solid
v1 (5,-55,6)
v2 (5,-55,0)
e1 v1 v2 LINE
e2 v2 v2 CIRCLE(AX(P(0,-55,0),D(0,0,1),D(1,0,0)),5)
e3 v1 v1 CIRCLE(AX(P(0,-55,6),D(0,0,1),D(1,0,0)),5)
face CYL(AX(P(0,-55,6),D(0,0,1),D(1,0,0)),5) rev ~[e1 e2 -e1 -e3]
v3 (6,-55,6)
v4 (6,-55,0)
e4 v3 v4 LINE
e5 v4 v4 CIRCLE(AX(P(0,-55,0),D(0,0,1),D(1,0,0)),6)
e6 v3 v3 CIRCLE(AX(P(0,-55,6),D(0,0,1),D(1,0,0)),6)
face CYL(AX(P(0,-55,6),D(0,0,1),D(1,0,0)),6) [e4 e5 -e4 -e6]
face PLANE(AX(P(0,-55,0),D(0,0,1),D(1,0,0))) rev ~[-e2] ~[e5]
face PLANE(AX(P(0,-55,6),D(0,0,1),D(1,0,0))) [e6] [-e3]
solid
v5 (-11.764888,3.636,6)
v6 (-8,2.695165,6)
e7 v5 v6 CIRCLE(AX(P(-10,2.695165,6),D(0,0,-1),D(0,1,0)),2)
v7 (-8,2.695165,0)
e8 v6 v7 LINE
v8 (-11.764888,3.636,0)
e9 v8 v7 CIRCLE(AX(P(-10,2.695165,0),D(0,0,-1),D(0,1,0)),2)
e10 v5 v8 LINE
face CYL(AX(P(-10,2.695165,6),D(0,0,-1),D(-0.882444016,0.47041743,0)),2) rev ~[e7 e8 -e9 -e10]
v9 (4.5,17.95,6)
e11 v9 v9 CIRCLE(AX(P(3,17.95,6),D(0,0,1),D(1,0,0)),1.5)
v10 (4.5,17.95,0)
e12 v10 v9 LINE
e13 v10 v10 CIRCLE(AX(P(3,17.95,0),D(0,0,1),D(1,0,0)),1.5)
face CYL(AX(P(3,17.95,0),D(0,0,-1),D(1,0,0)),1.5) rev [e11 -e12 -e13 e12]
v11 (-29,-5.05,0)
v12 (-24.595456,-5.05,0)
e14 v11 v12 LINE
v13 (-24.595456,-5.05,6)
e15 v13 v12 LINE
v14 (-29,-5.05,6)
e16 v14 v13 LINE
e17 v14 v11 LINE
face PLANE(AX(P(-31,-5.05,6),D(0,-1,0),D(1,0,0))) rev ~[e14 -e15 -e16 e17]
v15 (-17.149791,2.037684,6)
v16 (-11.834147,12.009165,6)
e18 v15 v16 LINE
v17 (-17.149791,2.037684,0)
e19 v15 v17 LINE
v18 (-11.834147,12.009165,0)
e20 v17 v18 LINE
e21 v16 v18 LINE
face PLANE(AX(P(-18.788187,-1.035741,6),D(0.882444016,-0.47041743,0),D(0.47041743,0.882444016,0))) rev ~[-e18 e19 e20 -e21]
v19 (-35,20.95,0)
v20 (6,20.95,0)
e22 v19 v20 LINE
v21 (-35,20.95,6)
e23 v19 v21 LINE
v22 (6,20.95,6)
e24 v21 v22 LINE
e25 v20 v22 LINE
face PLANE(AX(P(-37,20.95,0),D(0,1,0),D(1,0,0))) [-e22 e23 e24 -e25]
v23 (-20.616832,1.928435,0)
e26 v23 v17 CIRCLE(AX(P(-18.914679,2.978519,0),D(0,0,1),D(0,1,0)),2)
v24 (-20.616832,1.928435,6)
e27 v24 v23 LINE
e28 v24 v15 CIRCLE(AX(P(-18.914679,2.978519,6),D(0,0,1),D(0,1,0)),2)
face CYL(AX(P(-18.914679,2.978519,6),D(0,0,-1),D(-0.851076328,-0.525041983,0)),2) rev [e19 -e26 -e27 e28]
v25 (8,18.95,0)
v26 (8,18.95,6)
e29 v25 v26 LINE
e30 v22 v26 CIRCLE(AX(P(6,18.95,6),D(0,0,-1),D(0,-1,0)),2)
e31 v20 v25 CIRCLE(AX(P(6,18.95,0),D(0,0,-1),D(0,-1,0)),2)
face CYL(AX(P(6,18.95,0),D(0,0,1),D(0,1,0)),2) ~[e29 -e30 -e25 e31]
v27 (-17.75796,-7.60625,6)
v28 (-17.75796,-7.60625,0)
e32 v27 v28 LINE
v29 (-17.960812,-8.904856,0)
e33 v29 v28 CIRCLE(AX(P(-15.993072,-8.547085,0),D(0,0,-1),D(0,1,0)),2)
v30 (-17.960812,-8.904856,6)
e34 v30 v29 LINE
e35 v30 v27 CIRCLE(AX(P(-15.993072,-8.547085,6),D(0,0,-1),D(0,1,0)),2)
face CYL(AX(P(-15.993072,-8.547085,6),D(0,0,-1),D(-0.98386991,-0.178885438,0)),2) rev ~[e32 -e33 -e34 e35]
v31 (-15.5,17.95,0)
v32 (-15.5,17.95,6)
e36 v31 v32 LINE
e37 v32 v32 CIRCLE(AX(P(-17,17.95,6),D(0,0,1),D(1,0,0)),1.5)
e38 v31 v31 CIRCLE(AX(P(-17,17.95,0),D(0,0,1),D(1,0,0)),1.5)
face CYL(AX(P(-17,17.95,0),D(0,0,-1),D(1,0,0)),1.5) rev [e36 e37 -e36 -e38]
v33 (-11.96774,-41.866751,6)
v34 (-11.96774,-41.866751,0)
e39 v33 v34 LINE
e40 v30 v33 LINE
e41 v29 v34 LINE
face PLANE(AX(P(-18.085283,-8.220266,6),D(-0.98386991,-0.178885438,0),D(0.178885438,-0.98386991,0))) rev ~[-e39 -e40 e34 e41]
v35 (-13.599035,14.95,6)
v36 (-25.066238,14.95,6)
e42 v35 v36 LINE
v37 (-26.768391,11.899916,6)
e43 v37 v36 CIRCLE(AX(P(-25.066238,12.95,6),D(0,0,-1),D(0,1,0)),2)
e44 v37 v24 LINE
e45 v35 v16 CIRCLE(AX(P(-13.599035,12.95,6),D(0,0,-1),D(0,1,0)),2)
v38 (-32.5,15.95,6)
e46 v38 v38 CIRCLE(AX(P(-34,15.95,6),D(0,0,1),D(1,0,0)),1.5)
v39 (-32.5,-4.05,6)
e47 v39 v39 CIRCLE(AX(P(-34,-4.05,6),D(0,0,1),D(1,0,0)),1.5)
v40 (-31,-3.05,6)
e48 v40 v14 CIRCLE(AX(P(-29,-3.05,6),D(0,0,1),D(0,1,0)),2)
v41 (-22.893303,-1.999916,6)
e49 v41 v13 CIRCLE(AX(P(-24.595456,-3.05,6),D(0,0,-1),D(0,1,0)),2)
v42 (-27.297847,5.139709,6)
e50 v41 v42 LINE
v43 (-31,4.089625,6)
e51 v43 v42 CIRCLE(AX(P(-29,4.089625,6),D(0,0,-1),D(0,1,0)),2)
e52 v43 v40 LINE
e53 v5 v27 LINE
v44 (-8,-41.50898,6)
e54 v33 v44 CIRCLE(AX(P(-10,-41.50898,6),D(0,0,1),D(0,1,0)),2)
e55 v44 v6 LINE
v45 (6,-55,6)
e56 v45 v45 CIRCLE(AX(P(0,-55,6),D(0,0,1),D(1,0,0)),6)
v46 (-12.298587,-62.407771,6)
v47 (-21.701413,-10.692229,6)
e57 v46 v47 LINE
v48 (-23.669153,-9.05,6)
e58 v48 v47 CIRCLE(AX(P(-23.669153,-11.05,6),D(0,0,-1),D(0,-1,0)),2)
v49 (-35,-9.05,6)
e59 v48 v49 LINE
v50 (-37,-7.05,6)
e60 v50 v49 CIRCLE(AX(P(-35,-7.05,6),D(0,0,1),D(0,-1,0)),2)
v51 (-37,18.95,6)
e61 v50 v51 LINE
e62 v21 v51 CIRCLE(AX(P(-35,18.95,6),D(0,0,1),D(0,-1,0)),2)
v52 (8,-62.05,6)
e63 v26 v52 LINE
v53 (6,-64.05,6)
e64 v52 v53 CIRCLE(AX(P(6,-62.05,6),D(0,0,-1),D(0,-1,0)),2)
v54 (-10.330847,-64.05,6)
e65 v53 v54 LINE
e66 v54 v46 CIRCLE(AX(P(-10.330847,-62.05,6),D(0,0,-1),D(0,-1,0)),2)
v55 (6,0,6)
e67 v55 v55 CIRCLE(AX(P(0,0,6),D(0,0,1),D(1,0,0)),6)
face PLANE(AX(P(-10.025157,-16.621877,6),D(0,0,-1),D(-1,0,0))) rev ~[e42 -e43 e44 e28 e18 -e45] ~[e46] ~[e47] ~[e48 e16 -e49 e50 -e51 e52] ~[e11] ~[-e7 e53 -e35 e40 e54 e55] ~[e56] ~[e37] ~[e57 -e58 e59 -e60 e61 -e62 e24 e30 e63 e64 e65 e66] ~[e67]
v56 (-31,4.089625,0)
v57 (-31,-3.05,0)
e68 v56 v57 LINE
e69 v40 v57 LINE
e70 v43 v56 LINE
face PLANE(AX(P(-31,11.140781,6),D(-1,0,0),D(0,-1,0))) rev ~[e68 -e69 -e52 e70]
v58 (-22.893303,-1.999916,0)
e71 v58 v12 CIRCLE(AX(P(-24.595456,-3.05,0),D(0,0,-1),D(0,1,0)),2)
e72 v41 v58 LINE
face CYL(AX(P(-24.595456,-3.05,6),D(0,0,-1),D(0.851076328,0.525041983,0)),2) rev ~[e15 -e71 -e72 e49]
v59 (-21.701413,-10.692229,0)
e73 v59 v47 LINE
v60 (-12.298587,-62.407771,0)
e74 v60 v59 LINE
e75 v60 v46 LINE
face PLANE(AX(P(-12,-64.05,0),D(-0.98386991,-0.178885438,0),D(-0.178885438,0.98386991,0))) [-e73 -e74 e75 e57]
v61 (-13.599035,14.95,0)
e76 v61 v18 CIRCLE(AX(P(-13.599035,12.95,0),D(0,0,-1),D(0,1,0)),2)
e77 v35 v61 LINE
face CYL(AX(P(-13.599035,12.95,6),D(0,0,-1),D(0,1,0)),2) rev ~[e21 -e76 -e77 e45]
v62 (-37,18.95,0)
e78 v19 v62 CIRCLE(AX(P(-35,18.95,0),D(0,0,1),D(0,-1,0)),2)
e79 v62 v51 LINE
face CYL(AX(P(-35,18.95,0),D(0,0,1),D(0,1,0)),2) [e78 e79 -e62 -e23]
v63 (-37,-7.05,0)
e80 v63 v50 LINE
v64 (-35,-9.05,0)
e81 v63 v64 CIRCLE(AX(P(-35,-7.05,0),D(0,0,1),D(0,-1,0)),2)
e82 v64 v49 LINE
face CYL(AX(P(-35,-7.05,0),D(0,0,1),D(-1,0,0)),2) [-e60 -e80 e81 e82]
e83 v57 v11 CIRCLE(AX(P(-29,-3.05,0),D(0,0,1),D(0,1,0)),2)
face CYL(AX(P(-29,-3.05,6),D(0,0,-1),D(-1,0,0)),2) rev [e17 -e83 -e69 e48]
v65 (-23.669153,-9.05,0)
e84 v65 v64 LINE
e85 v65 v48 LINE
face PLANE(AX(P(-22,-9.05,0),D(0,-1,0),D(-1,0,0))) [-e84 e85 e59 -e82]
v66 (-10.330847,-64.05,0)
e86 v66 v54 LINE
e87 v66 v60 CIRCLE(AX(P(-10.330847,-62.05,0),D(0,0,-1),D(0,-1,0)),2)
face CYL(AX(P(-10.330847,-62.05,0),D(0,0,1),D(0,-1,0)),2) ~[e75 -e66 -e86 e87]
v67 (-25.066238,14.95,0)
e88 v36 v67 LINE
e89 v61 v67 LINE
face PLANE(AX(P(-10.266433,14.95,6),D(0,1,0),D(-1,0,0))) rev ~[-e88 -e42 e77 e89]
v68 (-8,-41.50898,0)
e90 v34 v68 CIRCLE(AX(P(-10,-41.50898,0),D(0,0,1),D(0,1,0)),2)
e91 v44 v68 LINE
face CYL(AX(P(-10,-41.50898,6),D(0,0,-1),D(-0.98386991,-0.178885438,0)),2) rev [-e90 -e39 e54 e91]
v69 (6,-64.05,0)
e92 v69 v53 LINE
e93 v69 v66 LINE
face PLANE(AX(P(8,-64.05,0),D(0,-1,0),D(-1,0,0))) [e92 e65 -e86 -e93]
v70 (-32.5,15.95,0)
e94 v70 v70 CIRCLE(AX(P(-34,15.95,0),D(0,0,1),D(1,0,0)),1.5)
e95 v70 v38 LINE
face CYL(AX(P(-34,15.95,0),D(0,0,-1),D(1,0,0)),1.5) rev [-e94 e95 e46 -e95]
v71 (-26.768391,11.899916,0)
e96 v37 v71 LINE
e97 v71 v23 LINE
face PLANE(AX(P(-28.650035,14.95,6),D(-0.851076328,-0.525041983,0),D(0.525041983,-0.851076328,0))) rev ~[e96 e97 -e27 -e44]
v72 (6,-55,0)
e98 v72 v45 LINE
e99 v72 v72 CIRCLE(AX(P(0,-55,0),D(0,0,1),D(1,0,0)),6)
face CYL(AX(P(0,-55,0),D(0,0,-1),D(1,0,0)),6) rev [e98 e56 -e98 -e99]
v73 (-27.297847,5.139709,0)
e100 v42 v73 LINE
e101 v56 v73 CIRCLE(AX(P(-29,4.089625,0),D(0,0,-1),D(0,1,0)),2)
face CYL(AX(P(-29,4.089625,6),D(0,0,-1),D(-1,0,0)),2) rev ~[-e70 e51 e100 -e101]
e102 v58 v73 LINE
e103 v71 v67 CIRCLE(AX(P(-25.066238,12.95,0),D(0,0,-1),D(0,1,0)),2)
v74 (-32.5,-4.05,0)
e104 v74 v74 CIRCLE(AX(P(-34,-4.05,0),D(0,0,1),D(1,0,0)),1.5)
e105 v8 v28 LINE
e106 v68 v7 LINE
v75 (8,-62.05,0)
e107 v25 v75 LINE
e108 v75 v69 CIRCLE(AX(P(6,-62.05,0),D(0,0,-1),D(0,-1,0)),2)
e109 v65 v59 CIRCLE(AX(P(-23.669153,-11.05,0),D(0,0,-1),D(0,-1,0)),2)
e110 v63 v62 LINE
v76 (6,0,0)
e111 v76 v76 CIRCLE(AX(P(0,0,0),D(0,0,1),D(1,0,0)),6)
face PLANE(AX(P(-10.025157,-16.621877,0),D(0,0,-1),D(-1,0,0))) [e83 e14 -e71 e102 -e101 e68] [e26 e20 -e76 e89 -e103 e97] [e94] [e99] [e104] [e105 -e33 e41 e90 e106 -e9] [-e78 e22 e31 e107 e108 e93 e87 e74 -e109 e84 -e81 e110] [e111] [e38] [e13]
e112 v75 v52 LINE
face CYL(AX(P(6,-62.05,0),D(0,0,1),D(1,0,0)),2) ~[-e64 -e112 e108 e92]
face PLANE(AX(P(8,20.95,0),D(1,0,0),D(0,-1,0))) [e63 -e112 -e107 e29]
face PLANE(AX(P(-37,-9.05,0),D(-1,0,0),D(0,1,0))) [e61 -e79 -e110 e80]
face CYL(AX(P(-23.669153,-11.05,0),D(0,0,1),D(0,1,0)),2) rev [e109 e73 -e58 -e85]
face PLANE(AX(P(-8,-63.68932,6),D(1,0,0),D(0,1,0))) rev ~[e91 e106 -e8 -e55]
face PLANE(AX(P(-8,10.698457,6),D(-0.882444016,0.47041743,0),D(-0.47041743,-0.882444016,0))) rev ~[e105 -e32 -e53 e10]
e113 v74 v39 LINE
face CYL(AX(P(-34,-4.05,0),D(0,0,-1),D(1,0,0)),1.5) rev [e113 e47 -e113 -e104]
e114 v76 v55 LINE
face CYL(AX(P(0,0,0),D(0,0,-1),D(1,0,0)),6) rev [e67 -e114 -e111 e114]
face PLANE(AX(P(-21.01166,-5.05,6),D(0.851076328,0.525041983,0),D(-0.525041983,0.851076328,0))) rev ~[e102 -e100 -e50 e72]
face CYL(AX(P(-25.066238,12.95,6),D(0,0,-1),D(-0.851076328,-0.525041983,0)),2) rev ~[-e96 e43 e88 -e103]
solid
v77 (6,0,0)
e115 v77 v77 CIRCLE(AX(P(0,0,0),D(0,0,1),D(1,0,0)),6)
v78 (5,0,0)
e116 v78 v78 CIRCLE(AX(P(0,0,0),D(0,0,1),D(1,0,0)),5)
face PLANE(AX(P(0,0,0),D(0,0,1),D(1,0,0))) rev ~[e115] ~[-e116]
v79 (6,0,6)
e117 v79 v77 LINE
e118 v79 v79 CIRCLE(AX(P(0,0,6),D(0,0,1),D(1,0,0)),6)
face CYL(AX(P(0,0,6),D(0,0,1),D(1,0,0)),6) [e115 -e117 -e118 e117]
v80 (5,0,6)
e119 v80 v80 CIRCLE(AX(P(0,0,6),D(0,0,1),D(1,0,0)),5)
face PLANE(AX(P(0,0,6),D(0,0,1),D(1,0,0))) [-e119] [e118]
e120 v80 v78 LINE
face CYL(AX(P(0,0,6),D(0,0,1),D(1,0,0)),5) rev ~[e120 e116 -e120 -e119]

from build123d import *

# Parameters (mm, degrees)
SKETCH_1_R          = 6
SKETCH_1_R_2        = 1.5
EXTRUDE_1_DEPTH     = 6
SKETCH_2_R          = 6
SKETCH_2_R_2        = 5
EXTRUDE_2_DEPTH     = 6
EXTRUDE_2_2_DEPTH   = 6
CUT_EXTRUDE_1_DEPTH = 6
FILLET_2_R          = 2
SKETCH_4_R          = 8
SKETCH_4_R_2        = 5
EXTRUDE_3_DEPTH     = 0.5
EXTRUDE_3_2_DEPTH   = 0.5
SKETCH_5_R          = 8
SKETCH_5_R_2        = 5
EXTRUDE_4_DEPTH     = 0.5
EXTRUDE_4_2_DEPTH   = 0.5


with BuildPart() as part:
    # 草图1 → 凸台-拉伸1 (new body)
    with BuildSketch(Plane.XY):
        Polygon((-37, 20.95), (8, 20.95), (8, -64.05), (-12, -64.05), (-22, -9.05), (-37, -9.05), align=None)
        Circle(SKETCH_1_R, mode=Mode.SUBTRACT)
        with Locations((0, -55)):
            Circle(SKETCH_1_R, mode=Mode.SUBTRACT)
        with Locations((3, 17.95)):
            Circle(SKETCH_1_R_2, mode=Mode.SUBTRACT)
        with Locations((-17, 17.95)):
            Circle(SKETCH_1_R_2, mode=Mode.SUBTRACT)
        with Locations((-34, 15.95)):
            Circle(SKETCH_1_R_2, mode=Mode.SUBTRACT)
        with Locations((-34, -4.05)):
            Circle(SKETCH_1_R_2, mode=Mode.SUBTRACT)
    extrude(amount=EXTRUDE_1_DEPTH)

    # 草图3 → 切除-拉伸1 (cut)
    with BuildSketch(Plane.XY.offset(6)):
        Polygon((-8, -63.689320225), (-8, 10.698456851), (-18.085282501, -8.220266471), align=None)
        Polygon((-18.788186972, -1.035740679), (-10.266432729, 14.95), (-28.65003451, 14.95), align=None)
        Polygon((-31, -5.05), (-21.011660076, -5.05), (-31, 11.140780806), align=None)
    extrude(amount=-CUT_EXTRUDE_1_DEPTH, mode=Mode.SUBTRACT)

    # 圆角2
    fillet_2_edges = [part.edges().sort_by_distance(p)[0] for p in [
        (8, -64.05, 3),
        (-12, -64.05, 3),
        (-22, -9.05, 3),
        (-37, -9.05, 3),
        (-37, 20.95, 3),
        (8, 20.95, 3),
        (-10.266432729, 14.95, 3),
        (-28.65003451, 14.95, 3),
        (-18.788186972, -1.035740679, 3),
        (-31, 11.140780806, 3),
        (-21.011660076, -5.05, 3),
        (-31, -5.05, 3),
        (-18.085282501, -8.220266471, 3),
        (-8, -63.689320225, 3),
        (-8, 10.698456851, 3),
    ]]
    fillet(fillet_2_edges, radius=FILLET_2_R)


with BuildPart() as body_2:
    # 草图2 → 凸台-拉伸2 (new body)
    with BuildSketch(Plane.XY.offset(6)):
        with Locations((0, -55)):
            Circle(SKETCH_2_R)
        with Locations((0, -55)):
            Circle(SKETCH_2_R_2, mode=Mode.SUBTRACT)
    extrude(amount=-EXTRUDE_2_DEPTH)


with BuildPart() as body_3:
    # 草图2 → Extrude 2 2 (new body)
    with BuildSketch(Plane.XY.offset(6)):
        Circle(SKETCH_2_R)
        Circle(SKETCH_2_R_2, mode=Mode.SUBTRACT)
    extrude(amount=-EXTRUDE_2_2_DEPTH)


with BuildPart() as body_4:
    # 草图4 → 凸台-拉伸3 (new body)
    with BuildSketch(Plane.XY.offset(6)):
        Circle(SKETCH_4_R)
        Circle(SKETCH_4_R_2, mode=Mode.SUBTRACT)
    extrude(amount=EXTRUDE_3_DEPTH)


with BuildPart() as body_5:
    # 草图4 → Extrude 3 2 (new body)
    with BuildSketch(Plane.XY.offset(6)):
        with Locations((0, -55)):
            Circle(SKETCH_4_R)
        with Locations((0, -55)):
            Circle(SKETCH_4_R_2, mode=Mode.SUBTRACT)
    extrude(amount=EXTRUDE_3_2_DEPTH)


with BuildPart() as body_6:
    # 草图5 → 凸台-拉伸4 (new body)
    with BuildSketch(Plane(origin=(0, 0, 0), x_dir=(-1, 0, 0), z_dir=(0, 0, -1))):
        with Locations((0, -55)):
            Circle(SKETCH_5_R)
        with Locations(Location((0, -55, 0), (0, 0, 180))):
            Circle(SKETCH_5_R_2, mode=Mode.SUBTRACT)
    extrude(amount=EXTRUDE_4_DEPTH)


with BuildPart() as body_7:
    # 草图5 → Extrude 4 2 (new body)
    with BuildSketch(Plane(origin=(0, 0, 0), x_dir=(-1, 0, 0), z_dir=(0, 0, -1))):
        Circle(SKETCH_5_R)
        with Locations(Location((0, 0, 0), (0, 0, 180))):
            Circle(SKETCH_5_R_2, mode=Mode.SUBTRACT)
    extrude(amount=EXTRUDE_4_2_DEPTH)


solid = Compound([part.part, body_2.part, body_3.part])
